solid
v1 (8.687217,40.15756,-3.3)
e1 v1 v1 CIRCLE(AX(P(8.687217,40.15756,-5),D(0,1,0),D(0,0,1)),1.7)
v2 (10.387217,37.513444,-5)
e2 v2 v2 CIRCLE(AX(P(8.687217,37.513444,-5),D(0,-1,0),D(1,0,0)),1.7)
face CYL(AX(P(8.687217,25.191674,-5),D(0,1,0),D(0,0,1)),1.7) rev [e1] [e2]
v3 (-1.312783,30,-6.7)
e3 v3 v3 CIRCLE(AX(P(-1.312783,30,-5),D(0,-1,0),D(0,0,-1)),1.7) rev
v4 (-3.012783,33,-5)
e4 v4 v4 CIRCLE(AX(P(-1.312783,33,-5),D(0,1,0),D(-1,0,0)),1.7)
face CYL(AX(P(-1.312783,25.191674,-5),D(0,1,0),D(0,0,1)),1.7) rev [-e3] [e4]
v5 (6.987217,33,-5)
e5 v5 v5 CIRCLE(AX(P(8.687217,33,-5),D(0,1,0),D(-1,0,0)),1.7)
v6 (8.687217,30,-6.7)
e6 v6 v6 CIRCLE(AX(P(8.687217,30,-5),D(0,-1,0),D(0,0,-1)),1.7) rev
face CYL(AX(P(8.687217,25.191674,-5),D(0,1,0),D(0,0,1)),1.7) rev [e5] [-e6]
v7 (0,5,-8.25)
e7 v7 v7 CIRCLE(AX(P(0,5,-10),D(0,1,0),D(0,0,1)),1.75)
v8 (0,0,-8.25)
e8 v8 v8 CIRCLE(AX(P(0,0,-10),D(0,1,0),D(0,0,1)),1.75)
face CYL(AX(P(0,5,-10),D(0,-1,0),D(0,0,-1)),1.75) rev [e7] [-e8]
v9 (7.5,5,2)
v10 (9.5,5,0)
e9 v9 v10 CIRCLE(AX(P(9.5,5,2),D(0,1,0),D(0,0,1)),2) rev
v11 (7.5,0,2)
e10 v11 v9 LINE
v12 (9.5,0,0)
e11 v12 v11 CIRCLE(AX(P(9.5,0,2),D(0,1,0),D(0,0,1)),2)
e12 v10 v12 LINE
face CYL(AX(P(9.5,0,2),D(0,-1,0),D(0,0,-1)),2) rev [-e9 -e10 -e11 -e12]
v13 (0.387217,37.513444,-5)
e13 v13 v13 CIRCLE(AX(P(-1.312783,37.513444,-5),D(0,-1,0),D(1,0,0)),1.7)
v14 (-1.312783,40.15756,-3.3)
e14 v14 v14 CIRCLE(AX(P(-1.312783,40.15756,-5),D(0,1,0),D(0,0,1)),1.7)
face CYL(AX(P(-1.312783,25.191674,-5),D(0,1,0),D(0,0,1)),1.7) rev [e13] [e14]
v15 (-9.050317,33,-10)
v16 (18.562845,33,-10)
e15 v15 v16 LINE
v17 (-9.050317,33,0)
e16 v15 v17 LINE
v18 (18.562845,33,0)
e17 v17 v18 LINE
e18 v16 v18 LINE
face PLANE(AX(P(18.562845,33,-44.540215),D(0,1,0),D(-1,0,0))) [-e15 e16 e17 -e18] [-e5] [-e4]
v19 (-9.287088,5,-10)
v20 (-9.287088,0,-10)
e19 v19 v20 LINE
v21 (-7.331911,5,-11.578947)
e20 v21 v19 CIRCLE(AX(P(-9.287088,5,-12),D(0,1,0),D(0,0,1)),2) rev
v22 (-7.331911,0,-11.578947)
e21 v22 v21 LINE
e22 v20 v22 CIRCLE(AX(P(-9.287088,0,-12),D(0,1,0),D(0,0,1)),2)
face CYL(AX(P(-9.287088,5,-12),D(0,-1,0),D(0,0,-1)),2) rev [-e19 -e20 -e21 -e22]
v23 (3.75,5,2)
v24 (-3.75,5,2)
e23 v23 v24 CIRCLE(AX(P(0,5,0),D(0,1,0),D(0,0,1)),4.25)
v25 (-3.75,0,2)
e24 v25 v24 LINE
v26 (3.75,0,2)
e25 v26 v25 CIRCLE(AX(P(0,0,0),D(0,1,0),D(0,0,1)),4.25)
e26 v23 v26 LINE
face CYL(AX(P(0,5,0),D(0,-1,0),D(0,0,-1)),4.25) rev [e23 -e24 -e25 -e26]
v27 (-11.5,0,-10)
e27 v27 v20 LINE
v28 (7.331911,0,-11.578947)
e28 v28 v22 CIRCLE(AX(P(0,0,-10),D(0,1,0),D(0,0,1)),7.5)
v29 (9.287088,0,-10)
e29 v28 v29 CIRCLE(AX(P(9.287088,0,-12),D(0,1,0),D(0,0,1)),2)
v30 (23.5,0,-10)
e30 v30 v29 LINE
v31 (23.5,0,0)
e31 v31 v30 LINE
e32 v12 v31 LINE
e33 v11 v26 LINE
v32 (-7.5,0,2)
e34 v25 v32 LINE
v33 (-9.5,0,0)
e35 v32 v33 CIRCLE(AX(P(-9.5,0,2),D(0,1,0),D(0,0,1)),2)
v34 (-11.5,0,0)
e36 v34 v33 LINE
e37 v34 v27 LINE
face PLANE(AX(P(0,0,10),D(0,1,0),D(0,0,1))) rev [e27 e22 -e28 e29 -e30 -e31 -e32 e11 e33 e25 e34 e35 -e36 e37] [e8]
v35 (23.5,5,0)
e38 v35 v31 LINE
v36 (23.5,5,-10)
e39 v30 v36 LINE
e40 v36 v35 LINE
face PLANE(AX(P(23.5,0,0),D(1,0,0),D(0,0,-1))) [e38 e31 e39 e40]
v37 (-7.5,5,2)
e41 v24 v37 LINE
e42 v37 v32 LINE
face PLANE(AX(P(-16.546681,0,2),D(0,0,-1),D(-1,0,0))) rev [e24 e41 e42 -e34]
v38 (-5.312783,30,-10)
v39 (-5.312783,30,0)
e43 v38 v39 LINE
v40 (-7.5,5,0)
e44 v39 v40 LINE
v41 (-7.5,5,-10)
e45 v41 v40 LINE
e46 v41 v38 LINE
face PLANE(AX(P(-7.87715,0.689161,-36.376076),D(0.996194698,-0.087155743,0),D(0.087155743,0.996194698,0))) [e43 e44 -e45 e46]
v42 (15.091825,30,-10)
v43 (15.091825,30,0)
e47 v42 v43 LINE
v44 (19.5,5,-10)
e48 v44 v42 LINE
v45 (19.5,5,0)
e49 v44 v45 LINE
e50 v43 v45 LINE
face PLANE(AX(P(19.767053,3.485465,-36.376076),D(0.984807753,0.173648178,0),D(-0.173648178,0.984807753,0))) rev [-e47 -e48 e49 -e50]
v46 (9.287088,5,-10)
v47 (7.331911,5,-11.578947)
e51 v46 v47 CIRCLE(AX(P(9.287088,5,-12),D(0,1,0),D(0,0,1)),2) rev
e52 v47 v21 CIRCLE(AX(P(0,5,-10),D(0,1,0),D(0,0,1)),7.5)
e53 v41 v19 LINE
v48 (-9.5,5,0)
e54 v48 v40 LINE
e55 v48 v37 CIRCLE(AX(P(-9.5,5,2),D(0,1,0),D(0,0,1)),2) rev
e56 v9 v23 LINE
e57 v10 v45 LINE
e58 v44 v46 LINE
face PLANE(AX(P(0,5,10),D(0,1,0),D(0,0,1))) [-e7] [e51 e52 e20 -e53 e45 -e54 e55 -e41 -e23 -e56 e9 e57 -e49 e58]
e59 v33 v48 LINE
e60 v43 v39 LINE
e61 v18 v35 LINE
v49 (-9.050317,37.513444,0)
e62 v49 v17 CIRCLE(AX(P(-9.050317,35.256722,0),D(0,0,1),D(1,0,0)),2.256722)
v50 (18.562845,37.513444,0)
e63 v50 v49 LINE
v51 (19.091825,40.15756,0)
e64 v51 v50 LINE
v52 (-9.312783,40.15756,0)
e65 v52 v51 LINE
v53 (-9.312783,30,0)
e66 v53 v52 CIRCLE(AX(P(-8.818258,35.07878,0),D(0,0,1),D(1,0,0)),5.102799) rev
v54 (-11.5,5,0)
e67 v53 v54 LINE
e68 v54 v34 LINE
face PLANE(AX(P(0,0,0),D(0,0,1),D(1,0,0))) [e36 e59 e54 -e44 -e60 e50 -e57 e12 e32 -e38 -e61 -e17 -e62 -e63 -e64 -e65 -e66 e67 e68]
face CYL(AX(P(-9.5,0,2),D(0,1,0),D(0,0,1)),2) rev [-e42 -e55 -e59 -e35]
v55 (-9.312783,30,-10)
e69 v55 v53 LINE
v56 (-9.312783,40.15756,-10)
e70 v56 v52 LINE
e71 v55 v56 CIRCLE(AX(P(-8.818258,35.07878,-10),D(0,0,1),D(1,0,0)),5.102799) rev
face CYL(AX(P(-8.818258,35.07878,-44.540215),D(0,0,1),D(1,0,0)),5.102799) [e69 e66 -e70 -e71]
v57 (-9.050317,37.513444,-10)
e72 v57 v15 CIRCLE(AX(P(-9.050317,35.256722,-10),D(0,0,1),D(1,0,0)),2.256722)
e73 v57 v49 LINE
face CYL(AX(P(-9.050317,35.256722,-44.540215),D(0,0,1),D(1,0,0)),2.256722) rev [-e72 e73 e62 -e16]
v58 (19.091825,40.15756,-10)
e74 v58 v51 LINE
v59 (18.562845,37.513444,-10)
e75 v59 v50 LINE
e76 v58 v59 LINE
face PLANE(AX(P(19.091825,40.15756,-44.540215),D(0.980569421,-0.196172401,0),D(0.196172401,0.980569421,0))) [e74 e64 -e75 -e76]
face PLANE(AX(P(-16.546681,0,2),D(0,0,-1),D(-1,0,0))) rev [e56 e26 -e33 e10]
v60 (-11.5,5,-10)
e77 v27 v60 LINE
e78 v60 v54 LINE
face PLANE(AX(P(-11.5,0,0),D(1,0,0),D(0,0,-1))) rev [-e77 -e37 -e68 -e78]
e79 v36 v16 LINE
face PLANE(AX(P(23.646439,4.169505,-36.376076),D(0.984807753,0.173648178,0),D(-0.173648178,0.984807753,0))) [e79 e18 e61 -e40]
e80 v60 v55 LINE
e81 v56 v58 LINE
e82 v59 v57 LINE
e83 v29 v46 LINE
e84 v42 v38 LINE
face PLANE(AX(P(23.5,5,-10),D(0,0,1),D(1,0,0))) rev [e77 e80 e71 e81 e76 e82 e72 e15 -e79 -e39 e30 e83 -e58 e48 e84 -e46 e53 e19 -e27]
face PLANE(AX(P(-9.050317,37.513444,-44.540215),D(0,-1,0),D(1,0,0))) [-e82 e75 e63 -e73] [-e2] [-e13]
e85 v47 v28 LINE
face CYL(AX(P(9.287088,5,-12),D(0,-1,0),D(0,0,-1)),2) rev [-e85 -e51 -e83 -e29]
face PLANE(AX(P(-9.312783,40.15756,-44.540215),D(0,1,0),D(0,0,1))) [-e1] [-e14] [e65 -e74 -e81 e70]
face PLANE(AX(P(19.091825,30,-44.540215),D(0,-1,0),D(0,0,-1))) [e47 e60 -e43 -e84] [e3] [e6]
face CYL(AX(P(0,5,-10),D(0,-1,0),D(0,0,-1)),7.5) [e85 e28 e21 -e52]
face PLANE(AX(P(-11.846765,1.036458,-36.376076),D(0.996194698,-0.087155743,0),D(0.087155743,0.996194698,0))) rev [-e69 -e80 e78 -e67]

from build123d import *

# Parameters (mm, degrees)
SKETCH1_R           = 4.25
SKETCH1_R_2         = 1.75
BOSS_EXTRUDE1_DEPTH = 5
SKETCH2_W           = 20
SKETCH2_H           = 5
BOSS_EXTRUDE2_DEPTH = 16
BOSS_EXTRUDE4_START = -15
SKETCH2_2_W         = 20
SKETCH2_2_H         = 5
BOSS_EXTRUDE4_DEPTH = 4
BOSS_EXTRUDE5_DEPTH = 20
BOSS_EXTRUDE6_DEPTH = 20
CUT_EXTRUDE1_DEPTH  = 10
FILLET1_R           = 2
SKETCH8_W           = 31.663796016
SKETCH8_H           = 17.317589317
CUT_EXTRUDE2_DEPTH  = 6
SKETCH9_R           = 1.7
CUT_EXTRUDE3_DEPTH  = 10.15756


with BuildPart() as part:
    # Sketch1 → Boss-Extrude1 (new body)
    with BuildSketch(Plane(origin=(0, 0, 0), x_dir=(1, 0, 0), z_dir=(0, 1, 0))):
        with BuildLine():
            Line((-7.5, -10), (-7.5, 10))
            ThreePointArc((-7.5, 10), (0, 17.5), (7.5, 10))
            Line((7.5, 10), (7.5, -10))
            ThreePointArc((7.5, -10), (0, -17.5), (-7.5, -10))
        make_face()
        Circle(SKETCH1_R, mode=Mode.SUBTRACT)
        with Locations((0, 10)):
            Circle(SKETCH1_R_2, mode=Mode.SUBTRACT)
        with Locations((0, -10)):
            Circle(SKETCH1_R_2, mode=Mode.SUBTRACT)
    extrude(amount=BOSS_EXTRUDE1_DEPTH)

    # Sketch2 → Boss-Extrude2 (add)
    with BuildSketch(Plane(origin=(7.5, 0, 0), x_dir=(0, 0, -1), z_dir=(1, 0, 0))):
        with Locations((0, 2.5)):
            Rectangle(SKETCH2_W, SKETCH2_H)
    extrude(amount=BOSS_EXTRUDE2_DEPTH)

    # Sketch2<2> → Boss-Extrude4 (add)
    with BuildSketch(Plane(origin=(7.5, 0, 0), x_dir=(0, 0, -1), z_dir=(1, 0, 0)).offset(BOSS_EXTRUDE4_START)):
        with Locations((0, 2.5)):
            Rectangle(SKETCH2_2_W, SKETCH2_2_H)
    extrude(amount=-BOSS_EXTRUDE4_DEPTH)

    # Sketch4 → Boss-Extrude5 (add)
    with BuildSketch(Plane.XY.offset(10)):
        Polygon((-9.312783412, 30), (-11.5, 5), (-7.5, 5), (-5.312783412, 30), align=None)
        Polygon((15.091825482, 30), (19.5, 5), (23.5, 5), (19.091825482, 30), align=None)
    extrude(amount=-BOSS_EXTRUDE5_DEPTH)

    # Sketch5 → Boss-Extrude6 (add)
    with BuildSketch(Plane.XY.offset(10)):
        with BuildLine():
            Line((19.091825482, 30), (-9.312783412, 30))
            ThreePointArc((-9.312783412, 30), (-13.921057054, 35.078779792), (-9.312783412, 40.157559584))
            Line((-9.312783412, 40.157559584), (19.091825482, 40.157559584))
            Line((19.091825482, 40.157559584), (18.56284454, 37.513443833))
            Line((18.56284454, 37.513443833), (-9.050317421, 37.513443833))
            ThreePointArc((-9.050317421, 37.513443833), (-11.307039338, 35.256721917), (-9.050317421, 33))
            Line((-9.050317421, 33), (18.56284454, 33))
            Line((18.56284454, 33), (19.091825482, 30))
        make_face()
    extrude(amount=-BOSS_EXTRUDE6_DEPTH)

    # Sketch7 → Cut-Extrude1 (cut)
    with BuildSketch(Plane.XY.offset(10)):
        Polygon((-7.5, 5), (-7.5, 0), (-22.139799827, 0), (-22.139799827, 42.515854551), (27.283557157, 42.515854551), (27.283557157, 0), (7.5, 0), (7.5, 5), align=None)
    extrude(amount=-CUT_EXTRUDE1_DEPTH, mode=Mode.SUBTRACT)

    # Fillet1
    fillet1_edges = [part.edges().sort_by_distance(p)[0] for p in [
        (-7.5, 2.5, 0),
        (7.5, 2.5, 0),
        (-7.5, 2.5, -10),
        (7.5, 2.5, -10),
    ]]
    fillet(fillet1_edges, radius=FILLET1_R)

    # Sketch8 → Cut-Extrude2 (cut, through all)
    with BuildSketch(Plane(origin=(0, 5, 0), x_dir=(1, 0, 0), z_dir=(0, 1, 0))):
        with Locations((-0.714782894, -10.658794658)):
            Rectangle(SKETCH8_W, SKETCH8_H)
    extrude(amount=-CUT_EXTRUDE2_DEPTH, mode=Mode.SUBTRACT)

    # Sketch9 → Cut-Extrude3 (cut)
    with BuildSketch(Plane(origin=(0, 40.157559584, 0), x_dir=(1, 0, 0), z_dir=(0, 1, 0))):
        with Locations((-1.312783412, 5)):
            Circle(SKETCH9_R)
        with Locations((8.687216588, 5)):
            Circle(SKETCH9_R)
    extrude(amount=-CUT_EXTRUDE3_DEPTH, mode=Mode.SUBTRACT)


solid = part.part
